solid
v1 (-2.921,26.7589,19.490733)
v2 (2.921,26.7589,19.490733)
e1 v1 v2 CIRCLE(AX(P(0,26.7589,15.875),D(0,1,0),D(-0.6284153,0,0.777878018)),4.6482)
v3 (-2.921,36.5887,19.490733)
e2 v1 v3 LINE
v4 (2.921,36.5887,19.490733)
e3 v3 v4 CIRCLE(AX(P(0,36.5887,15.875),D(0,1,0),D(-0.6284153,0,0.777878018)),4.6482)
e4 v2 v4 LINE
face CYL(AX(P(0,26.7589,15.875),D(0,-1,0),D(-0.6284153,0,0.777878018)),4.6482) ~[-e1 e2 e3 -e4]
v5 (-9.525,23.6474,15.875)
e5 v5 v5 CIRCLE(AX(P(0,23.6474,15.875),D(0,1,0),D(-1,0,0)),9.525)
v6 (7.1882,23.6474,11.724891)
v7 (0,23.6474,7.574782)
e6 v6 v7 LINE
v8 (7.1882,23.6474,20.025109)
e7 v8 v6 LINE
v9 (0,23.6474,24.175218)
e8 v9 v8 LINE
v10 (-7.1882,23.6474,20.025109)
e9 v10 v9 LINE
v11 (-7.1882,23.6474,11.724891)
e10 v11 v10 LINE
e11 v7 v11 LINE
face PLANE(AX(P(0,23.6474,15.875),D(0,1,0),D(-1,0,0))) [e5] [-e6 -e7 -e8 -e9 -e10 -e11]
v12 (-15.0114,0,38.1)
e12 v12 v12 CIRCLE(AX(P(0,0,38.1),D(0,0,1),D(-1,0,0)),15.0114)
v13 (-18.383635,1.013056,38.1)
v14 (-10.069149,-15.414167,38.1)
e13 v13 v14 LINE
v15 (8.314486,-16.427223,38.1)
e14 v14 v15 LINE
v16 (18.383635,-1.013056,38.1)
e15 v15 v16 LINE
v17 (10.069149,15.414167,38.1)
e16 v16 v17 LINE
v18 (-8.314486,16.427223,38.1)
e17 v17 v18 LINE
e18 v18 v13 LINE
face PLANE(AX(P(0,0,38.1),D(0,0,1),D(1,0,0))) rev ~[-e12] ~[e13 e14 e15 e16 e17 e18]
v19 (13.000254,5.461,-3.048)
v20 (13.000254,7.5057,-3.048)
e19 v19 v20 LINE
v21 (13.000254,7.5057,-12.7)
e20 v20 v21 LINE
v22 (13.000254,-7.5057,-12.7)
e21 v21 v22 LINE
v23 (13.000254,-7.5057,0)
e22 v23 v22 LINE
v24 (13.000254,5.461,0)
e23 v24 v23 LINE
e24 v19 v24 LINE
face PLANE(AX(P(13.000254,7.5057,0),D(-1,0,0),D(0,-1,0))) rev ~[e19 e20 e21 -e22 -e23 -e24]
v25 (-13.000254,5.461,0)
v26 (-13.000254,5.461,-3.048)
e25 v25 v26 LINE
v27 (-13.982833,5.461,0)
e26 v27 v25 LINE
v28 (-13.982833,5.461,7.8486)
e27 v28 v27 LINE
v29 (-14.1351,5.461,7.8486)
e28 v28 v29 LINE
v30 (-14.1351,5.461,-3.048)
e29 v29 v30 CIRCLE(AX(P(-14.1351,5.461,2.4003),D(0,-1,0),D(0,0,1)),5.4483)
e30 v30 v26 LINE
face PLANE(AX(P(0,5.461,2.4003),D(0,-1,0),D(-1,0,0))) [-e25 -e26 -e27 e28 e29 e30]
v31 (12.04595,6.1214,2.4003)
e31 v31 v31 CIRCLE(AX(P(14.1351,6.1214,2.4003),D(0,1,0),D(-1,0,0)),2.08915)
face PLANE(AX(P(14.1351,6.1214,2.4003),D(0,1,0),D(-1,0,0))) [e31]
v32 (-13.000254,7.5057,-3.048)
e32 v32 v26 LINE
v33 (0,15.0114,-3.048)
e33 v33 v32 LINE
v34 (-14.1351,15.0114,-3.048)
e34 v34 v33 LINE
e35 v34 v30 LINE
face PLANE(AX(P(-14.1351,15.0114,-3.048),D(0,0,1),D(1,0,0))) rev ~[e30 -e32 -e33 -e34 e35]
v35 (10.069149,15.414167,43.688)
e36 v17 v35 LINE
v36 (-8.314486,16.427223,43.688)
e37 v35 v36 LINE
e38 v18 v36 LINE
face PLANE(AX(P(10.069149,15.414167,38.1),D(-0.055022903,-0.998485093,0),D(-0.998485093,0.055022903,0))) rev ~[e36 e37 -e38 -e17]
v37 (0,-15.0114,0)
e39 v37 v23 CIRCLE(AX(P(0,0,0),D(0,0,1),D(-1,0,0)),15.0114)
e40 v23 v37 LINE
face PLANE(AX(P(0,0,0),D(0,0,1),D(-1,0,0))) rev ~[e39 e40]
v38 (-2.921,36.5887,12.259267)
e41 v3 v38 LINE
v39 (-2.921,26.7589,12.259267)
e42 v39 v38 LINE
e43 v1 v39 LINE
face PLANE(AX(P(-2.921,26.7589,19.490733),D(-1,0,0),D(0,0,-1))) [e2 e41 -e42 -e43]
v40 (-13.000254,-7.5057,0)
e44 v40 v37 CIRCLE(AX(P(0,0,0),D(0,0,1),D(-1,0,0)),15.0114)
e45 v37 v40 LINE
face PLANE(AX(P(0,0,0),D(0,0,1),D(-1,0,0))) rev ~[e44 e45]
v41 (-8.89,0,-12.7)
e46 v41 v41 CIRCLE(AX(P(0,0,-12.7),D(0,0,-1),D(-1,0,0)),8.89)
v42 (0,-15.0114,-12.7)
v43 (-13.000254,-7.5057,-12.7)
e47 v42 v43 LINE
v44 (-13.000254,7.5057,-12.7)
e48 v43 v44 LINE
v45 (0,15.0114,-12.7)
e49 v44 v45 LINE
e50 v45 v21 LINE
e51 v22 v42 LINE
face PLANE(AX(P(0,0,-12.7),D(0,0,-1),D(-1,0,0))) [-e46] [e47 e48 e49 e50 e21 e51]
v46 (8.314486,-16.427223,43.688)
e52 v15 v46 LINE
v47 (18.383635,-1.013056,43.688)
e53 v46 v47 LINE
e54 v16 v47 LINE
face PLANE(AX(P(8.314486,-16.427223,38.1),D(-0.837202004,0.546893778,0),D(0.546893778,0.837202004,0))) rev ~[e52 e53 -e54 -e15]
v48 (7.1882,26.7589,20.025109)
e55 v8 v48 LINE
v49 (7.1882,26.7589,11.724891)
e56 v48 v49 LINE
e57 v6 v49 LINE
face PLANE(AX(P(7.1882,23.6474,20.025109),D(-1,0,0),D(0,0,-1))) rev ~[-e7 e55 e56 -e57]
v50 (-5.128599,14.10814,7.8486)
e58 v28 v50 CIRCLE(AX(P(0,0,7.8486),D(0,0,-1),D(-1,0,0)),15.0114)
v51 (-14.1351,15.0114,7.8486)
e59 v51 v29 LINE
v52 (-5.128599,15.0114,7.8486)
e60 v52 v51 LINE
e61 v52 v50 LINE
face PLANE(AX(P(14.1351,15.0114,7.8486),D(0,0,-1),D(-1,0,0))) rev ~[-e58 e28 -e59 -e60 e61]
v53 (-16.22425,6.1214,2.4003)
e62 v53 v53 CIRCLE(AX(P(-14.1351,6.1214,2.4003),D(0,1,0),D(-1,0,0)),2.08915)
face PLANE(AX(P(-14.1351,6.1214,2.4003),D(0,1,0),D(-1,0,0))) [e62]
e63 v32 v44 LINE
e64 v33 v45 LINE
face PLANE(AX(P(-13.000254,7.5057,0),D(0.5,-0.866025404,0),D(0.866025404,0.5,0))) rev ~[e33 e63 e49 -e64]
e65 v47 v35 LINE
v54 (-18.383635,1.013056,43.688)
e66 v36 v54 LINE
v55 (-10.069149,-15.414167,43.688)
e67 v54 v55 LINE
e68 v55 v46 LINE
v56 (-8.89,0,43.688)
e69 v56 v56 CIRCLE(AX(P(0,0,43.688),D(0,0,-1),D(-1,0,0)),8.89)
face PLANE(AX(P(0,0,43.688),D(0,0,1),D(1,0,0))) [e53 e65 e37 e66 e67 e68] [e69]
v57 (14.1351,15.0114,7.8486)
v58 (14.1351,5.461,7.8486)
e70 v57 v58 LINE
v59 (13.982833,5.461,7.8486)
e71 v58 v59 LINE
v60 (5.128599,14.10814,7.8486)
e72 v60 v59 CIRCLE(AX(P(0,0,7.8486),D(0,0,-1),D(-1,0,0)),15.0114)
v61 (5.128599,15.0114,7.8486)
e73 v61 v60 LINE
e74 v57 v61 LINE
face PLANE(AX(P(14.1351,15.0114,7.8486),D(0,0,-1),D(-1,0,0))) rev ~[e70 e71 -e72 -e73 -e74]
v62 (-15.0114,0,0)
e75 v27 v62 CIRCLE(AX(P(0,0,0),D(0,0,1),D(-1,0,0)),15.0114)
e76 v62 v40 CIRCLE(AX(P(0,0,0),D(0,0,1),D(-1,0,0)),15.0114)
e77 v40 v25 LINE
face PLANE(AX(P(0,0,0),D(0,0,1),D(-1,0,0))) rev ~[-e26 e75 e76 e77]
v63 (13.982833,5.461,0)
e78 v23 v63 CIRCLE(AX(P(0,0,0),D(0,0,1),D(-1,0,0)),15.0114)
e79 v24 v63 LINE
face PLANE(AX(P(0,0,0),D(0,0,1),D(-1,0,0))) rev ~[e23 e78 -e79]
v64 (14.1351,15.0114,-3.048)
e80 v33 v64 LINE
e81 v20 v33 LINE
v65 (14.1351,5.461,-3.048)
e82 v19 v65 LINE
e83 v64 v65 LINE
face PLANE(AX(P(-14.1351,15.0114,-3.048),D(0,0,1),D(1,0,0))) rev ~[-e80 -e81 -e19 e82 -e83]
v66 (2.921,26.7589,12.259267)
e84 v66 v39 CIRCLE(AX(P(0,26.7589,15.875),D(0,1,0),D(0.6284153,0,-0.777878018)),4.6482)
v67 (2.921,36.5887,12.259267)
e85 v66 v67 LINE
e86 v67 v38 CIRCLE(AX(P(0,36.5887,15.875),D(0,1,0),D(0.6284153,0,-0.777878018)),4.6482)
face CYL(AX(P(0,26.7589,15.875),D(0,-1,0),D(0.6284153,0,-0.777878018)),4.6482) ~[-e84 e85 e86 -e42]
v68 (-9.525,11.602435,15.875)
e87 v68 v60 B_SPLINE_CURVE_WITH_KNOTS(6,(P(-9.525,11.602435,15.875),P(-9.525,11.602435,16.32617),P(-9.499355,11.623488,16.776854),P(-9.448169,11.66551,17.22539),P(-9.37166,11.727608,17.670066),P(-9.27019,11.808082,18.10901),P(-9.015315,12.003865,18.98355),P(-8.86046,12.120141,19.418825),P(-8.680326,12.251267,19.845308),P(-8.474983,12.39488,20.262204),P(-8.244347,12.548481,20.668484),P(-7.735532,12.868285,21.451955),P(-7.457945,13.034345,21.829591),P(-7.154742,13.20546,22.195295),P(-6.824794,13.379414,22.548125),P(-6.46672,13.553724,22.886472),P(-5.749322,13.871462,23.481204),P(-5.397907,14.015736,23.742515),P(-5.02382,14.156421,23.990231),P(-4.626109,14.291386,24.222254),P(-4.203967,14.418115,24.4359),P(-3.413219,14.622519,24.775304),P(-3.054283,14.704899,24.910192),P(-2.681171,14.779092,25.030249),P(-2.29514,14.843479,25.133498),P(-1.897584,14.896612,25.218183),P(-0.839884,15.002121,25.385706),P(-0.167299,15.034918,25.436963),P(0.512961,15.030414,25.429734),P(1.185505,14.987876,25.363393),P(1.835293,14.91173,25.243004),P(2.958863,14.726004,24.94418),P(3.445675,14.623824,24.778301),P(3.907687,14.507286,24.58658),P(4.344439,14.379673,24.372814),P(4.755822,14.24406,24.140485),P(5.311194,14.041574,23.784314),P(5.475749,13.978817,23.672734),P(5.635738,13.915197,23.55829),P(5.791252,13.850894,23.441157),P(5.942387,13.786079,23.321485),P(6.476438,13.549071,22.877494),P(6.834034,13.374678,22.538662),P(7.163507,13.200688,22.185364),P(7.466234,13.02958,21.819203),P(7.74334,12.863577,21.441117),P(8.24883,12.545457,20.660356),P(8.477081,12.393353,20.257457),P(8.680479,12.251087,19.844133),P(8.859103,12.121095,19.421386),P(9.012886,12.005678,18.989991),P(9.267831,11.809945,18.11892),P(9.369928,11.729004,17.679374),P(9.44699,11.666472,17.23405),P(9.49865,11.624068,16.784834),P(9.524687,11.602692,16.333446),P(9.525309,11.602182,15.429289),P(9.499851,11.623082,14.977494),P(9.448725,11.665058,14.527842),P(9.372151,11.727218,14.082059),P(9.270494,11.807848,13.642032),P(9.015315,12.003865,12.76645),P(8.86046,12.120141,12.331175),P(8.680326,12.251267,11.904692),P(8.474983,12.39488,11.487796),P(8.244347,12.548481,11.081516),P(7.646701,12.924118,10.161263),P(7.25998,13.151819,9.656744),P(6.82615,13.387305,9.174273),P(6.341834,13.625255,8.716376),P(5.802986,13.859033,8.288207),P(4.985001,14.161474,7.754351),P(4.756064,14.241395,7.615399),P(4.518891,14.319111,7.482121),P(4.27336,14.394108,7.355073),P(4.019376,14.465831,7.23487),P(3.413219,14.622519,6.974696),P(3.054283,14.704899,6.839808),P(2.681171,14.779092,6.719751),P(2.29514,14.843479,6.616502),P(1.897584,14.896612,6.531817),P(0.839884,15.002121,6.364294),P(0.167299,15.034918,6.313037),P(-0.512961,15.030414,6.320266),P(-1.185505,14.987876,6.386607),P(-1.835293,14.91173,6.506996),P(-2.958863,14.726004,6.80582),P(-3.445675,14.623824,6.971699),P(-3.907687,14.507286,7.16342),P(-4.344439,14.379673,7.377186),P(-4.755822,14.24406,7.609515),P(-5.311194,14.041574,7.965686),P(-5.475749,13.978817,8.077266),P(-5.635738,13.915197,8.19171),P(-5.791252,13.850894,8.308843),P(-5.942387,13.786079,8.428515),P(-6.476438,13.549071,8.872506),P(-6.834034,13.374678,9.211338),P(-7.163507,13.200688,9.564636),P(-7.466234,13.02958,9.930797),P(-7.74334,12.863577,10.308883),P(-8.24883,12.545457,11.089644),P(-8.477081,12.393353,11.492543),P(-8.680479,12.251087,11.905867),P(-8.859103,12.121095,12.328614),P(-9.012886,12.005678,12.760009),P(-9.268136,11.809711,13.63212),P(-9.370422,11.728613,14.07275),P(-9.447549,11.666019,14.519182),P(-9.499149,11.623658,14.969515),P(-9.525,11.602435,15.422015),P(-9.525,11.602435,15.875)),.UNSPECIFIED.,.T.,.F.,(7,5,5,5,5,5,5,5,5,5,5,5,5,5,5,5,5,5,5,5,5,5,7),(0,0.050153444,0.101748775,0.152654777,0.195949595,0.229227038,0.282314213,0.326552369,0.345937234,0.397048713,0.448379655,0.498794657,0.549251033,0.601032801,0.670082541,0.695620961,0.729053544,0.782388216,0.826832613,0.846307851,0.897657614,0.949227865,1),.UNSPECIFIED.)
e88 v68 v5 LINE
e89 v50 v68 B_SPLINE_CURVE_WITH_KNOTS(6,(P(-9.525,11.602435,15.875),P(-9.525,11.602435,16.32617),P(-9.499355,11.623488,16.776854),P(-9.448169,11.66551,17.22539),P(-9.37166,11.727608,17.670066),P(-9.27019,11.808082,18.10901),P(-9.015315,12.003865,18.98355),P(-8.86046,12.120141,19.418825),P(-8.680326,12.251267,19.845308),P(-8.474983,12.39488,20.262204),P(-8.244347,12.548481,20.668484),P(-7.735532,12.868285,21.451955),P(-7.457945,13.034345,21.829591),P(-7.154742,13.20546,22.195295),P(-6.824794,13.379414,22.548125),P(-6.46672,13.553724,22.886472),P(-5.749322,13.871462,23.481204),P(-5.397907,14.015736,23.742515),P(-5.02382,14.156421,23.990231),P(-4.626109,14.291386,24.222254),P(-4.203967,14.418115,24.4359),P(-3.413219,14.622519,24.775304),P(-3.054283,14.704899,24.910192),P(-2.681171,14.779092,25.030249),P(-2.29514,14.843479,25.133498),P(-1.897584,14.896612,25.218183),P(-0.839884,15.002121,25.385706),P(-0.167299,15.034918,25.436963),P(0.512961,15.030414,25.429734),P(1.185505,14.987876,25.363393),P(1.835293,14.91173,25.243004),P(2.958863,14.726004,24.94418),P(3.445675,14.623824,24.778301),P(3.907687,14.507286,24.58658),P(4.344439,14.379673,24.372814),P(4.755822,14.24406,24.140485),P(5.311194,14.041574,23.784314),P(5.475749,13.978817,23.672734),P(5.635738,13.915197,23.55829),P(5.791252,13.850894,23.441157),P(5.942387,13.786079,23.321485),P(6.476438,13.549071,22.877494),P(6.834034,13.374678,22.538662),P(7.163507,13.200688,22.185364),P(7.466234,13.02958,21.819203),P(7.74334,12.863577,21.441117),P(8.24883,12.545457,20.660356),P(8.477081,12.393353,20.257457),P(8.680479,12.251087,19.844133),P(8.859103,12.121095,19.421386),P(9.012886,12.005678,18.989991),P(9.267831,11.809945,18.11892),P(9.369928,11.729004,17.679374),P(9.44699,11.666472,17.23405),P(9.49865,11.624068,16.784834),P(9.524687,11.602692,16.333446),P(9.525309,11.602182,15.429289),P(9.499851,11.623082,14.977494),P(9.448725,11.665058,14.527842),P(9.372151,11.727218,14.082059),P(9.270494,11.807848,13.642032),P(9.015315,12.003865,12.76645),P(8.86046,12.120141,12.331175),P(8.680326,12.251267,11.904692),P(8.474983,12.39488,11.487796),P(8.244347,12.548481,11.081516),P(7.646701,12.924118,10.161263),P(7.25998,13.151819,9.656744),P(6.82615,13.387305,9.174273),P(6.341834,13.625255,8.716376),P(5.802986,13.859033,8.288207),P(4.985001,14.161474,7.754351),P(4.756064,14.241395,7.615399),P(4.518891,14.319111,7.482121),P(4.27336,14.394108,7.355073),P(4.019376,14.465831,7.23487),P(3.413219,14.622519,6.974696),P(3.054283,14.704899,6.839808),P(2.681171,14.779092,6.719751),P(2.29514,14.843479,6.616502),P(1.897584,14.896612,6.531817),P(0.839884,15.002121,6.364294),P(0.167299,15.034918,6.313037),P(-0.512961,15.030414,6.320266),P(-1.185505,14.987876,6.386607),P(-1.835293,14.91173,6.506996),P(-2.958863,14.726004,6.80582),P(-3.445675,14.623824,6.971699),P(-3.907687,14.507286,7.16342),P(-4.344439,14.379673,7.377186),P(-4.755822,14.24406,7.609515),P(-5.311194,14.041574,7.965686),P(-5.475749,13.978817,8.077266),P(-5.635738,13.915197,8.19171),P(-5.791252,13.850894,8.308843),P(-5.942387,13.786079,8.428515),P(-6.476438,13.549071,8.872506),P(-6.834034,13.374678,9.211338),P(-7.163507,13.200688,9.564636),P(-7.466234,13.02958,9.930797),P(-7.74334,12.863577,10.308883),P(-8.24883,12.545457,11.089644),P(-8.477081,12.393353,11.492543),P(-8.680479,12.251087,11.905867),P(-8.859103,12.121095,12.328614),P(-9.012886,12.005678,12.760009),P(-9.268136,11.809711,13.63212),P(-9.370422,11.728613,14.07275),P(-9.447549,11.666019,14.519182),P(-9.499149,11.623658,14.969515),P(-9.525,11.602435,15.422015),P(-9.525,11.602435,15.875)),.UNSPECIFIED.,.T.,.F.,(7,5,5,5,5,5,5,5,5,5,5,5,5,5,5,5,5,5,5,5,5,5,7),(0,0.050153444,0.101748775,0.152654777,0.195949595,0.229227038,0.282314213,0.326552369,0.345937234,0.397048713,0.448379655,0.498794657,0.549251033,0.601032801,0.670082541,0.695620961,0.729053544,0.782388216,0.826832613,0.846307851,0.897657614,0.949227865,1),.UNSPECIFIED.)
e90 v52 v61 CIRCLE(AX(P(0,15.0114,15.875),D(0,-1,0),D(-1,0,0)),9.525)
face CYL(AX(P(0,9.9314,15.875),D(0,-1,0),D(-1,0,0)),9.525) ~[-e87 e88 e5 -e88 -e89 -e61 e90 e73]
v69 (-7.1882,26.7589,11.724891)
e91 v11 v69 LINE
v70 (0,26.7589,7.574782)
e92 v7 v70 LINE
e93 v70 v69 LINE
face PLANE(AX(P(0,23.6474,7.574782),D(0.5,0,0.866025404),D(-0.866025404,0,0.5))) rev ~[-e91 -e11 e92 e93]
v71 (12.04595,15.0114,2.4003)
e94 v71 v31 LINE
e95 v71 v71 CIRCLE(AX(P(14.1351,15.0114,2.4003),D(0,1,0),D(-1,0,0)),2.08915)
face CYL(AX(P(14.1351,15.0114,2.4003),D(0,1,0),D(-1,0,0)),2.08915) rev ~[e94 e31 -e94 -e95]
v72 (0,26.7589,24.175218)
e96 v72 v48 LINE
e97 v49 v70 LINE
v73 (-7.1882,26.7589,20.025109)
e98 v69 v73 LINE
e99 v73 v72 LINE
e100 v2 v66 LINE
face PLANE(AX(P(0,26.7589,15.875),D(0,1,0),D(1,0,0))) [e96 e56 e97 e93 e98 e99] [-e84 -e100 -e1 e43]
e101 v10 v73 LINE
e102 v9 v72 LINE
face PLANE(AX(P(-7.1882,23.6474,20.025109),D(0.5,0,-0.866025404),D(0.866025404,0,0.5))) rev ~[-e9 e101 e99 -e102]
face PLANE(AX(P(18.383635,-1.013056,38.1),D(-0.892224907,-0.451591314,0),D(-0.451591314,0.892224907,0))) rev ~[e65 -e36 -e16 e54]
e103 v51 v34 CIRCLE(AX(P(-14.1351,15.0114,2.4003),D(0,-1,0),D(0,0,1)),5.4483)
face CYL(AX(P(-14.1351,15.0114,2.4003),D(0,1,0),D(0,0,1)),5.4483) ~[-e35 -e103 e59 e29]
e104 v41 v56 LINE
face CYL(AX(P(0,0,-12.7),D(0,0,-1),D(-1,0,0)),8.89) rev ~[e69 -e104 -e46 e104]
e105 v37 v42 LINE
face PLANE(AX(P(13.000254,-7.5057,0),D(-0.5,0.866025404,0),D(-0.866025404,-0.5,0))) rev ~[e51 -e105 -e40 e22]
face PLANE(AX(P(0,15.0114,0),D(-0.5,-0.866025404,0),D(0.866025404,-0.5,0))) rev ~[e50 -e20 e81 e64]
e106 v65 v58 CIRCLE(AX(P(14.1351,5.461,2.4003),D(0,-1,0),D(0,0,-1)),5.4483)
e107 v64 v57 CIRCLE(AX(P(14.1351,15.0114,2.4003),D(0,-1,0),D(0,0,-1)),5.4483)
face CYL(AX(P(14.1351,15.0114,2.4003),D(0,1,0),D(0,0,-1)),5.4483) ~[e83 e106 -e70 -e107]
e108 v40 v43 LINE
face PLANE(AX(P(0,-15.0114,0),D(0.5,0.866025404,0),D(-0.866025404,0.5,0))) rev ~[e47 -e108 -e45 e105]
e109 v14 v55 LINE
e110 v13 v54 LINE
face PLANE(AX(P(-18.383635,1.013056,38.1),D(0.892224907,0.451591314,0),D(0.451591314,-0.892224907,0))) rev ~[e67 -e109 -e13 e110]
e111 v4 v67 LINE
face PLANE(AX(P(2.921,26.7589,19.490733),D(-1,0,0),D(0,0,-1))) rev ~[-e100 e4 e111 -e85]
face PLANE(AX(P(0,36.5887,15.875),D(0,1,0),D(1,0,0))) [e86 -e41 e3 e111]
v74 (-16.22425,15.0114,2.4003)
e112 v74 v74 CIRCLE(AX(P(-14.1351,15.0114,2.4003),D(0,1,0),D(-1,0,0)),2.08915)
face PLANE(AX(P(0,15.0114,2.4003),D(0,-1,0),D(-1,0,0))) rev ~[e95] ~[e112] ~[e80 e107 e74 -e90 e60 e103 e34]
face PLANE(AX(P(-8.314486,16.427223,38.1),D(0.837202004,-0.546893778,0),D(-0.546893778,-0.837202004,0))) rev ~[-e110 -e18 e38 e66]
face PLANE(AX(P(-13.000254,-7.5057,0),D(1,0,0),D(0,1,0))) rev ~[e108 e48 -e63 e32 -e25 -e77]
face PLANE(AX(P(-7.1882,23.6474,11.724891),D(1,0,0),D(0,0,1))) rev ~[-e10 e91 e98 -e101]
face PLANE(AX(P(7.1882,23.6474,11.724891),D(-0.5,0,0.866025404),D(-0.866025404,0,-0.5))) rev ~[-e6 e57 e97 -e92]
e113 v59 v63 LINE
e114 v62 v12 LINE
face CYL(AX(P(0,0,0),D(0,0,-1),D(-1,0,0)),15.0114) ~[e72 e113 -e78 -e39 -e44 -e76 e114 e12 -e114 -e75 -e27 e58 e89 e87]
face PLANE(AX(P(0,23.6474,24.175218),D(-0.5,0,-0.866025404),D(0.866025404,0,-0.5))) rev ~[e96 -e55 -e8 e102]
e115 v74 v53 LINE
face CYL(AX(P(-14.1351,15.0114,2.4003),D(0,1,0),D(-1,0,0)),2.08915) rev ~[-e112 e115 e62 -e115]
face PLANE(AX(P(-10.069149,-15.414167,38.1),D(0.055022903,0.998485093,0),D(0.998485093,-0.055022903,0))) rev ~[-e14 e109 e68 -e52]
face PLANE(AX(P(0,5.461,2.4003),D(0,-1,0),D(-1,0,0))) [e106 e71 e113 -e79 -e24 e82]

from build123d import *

# Parameters (mm, degrees)
SKETCH1_R                = 15.0114
BOSS_EXTRUDE1_DEPTH      = 38.1
BOSS_EXTRUDE2_DEPTH      = 5.588
BOSS_EXTRUDE3_DEPTH      = 12.7
BOSS_EXTRUDE4_DEPTH      = 9.5504
SKETCH4_R                = 8.89
CUT_EXTRUDE1_DEPTH       = 62.91098247
BOSS_EXTRUDE5_DEPTH      = 8.636
BOSS_EXTRUDE5_DEPTH_BACK = 5.08
SKETCH6_R                = 9.525
BOSS_EXTRUDE6_DEPTH      = 3.1115
SKETCH8_W                = 5.842
SKETCH8_H                = 7.231465202
BOSS_EXTRUDE7_DEPTH      = 9.8298
SKETCH9_R                = 2.08915
CUT_EXTRUDE2_DEPTH       = 8.89


with BuildPart() as part:
    # Sketch1 → Boss-Extrude1 (new body)
    with BuildSketch(Plane.XY):
        with Locations(Location((0, 0, 0), (0, 0, 180))):
            Circle(SKETCH1_R)
    extrude(amount=BOSS_EXTRUDE1_DEPTH)

    # Sketch2 → Boss-Extrude2 (add)
    with BuildSketch(Plane.XY.offset(38.1)):
        Polygon((-8.314485622, 16.42722286), (-18.383635121, 1.013055662), (-10.069149499, -15.414167198), (8.314485622, -16.42722286), (18.383635121, -1.013055662), (10.069149499, 15.414167198), align=None)
    extrude(amount=BOSS_EXTRUDE2_DEPTH)

    # Sketch3 → Boss-Extrude3 (add)
    with BuildSketch(Plane(origin=(0, 0, 0), x_dir=(-1, 0, 0), z_dir=(0, 0, -1))):
        Polygon((0, 15.0114), (-13.000253746, 7.5057), (-13.000253746, -7.5057), (0, -15.0114), (13.000253746, -7.5057), (13.000253746, 7.5057), align=None)
    extrude(amount=BOSS_EXTRUDE3_DEPTH)

    # Sketch5 → Boss-Extrude4 (add)
    with BuildSketch(Plane(origin=(0, 15.0114, 0), x_dir=(1, 0, 0), z_dir=(0, 1, 0))):
        with BuildLine():
            Line((-14.1351, 3.048), (14.1351, 3.048))
            ThreePointArc((14.1351, 3.048), (19.5834, -2.4003), (14.1351, -7.8486))
            Line((14.1351, -7.8486), (-14.1351, -7.8486))
            ThreePointArc((-14.1351, -7.8486), (-19.5834, -2.4003), (-14.1351, 3.048))
        make_face()
    extrude(amount=-BOSS_EXTRUDE4_DEPTH)

    # Sketch4 → Cut-Extrude1 (cut, through all)
    with BuildSketch(Plane(origin=(0, 0, -12.7), x_dir=(-1, 0, 0), z_dir=(0, 0, -1))):
        Circle(SKETCH4_R)
    extrude(amount=-CUT_EXTRUDE1_DEPTH, mode=Mode.SUBTRACT)

    # Sketch6 → Boss-Extrude5 (add, two sides: drawn at the far end of the back side and taken through both)
    with BuildSketch(Plane(origin=(0, 15.0114, 0), x_dir=(1, 0, 0), z_dir=(0, 1, 0)).offset(-BOSS_EXTRUDE5_DEPTH_BACK)):
        with Locations(Location((0, -15.875, 0), (0, 0, 180))):
            Circle(SKETCH6_R)
    extrude(amount=BOSS_EXTRUDE5_DEPTH + BOSS_EXTRUDE5_DEPTH_BACK)

    # Sketch7 → Boss-Extrude6 (add)
    with BuildSketch(Plane(origin=(0, 23.6474, 0), x_dir=(1, 0, 0), z_dir=(0, 1, 0))):
        Polygon((0, -7.57478159), (-7.1882, -11.724890795), (-7.1882, -20.025109205), (0, -24.17521841), (7.1882, -20.025109205), (7.1882, -11.724890795), align=None)
    extrude(amount=BOSS_EXTRUDE6_DEPTH)

    # Sketch8 → Boss-Extrude7 (add)
    with BuildSketch(Plane(origin=(0, 26.7589, 0), x_dir=(1, 0, 0), z_dir=(0, 1, 0))):
        with Locations((0, -15.875)):
            Rectangle(SKETCH8_W, SKETCH8_H)
        with BuildLine():
            ThreePointArc((2.921, -12.259267399), (0, -11.2268), (-2.921, -12.259267399))
            Line((-2.921, -12.259267399), (2.921, -12.259267399))
        make_face()
        with BuildLine():
            Line((2.921, -19.490732601), (-2.921, -19.490732601))
            ThreePointArc((-2.921, -19.490732601), (0, -20.5232), (2.921, -19.490732601))
        make_face()
    extrude(amount=BOSS_EXTRUDE7_DEPTH)

    # Sketch9 → Cut-Extrude2 (cut)
    with BuildSketch(Plane(origin=(0, 15.0114, 0), x_dir=(1, 0, 0), z_dir=(0, 1, 0))):
        with Locations(Location((14.1351, -2.4003, 0), (0, 0, 180))):
            Circle(SKETCH9_R)
        with Locations(Location((-14.1351, -2.4003, 0), (0, 0, 180))):
            Circle(SKETCH9_R)
    extrude(amount=-CUT_EXTRUDE2_DEPTH, mode=Mode.SUBTRACT)


solid = part.part
